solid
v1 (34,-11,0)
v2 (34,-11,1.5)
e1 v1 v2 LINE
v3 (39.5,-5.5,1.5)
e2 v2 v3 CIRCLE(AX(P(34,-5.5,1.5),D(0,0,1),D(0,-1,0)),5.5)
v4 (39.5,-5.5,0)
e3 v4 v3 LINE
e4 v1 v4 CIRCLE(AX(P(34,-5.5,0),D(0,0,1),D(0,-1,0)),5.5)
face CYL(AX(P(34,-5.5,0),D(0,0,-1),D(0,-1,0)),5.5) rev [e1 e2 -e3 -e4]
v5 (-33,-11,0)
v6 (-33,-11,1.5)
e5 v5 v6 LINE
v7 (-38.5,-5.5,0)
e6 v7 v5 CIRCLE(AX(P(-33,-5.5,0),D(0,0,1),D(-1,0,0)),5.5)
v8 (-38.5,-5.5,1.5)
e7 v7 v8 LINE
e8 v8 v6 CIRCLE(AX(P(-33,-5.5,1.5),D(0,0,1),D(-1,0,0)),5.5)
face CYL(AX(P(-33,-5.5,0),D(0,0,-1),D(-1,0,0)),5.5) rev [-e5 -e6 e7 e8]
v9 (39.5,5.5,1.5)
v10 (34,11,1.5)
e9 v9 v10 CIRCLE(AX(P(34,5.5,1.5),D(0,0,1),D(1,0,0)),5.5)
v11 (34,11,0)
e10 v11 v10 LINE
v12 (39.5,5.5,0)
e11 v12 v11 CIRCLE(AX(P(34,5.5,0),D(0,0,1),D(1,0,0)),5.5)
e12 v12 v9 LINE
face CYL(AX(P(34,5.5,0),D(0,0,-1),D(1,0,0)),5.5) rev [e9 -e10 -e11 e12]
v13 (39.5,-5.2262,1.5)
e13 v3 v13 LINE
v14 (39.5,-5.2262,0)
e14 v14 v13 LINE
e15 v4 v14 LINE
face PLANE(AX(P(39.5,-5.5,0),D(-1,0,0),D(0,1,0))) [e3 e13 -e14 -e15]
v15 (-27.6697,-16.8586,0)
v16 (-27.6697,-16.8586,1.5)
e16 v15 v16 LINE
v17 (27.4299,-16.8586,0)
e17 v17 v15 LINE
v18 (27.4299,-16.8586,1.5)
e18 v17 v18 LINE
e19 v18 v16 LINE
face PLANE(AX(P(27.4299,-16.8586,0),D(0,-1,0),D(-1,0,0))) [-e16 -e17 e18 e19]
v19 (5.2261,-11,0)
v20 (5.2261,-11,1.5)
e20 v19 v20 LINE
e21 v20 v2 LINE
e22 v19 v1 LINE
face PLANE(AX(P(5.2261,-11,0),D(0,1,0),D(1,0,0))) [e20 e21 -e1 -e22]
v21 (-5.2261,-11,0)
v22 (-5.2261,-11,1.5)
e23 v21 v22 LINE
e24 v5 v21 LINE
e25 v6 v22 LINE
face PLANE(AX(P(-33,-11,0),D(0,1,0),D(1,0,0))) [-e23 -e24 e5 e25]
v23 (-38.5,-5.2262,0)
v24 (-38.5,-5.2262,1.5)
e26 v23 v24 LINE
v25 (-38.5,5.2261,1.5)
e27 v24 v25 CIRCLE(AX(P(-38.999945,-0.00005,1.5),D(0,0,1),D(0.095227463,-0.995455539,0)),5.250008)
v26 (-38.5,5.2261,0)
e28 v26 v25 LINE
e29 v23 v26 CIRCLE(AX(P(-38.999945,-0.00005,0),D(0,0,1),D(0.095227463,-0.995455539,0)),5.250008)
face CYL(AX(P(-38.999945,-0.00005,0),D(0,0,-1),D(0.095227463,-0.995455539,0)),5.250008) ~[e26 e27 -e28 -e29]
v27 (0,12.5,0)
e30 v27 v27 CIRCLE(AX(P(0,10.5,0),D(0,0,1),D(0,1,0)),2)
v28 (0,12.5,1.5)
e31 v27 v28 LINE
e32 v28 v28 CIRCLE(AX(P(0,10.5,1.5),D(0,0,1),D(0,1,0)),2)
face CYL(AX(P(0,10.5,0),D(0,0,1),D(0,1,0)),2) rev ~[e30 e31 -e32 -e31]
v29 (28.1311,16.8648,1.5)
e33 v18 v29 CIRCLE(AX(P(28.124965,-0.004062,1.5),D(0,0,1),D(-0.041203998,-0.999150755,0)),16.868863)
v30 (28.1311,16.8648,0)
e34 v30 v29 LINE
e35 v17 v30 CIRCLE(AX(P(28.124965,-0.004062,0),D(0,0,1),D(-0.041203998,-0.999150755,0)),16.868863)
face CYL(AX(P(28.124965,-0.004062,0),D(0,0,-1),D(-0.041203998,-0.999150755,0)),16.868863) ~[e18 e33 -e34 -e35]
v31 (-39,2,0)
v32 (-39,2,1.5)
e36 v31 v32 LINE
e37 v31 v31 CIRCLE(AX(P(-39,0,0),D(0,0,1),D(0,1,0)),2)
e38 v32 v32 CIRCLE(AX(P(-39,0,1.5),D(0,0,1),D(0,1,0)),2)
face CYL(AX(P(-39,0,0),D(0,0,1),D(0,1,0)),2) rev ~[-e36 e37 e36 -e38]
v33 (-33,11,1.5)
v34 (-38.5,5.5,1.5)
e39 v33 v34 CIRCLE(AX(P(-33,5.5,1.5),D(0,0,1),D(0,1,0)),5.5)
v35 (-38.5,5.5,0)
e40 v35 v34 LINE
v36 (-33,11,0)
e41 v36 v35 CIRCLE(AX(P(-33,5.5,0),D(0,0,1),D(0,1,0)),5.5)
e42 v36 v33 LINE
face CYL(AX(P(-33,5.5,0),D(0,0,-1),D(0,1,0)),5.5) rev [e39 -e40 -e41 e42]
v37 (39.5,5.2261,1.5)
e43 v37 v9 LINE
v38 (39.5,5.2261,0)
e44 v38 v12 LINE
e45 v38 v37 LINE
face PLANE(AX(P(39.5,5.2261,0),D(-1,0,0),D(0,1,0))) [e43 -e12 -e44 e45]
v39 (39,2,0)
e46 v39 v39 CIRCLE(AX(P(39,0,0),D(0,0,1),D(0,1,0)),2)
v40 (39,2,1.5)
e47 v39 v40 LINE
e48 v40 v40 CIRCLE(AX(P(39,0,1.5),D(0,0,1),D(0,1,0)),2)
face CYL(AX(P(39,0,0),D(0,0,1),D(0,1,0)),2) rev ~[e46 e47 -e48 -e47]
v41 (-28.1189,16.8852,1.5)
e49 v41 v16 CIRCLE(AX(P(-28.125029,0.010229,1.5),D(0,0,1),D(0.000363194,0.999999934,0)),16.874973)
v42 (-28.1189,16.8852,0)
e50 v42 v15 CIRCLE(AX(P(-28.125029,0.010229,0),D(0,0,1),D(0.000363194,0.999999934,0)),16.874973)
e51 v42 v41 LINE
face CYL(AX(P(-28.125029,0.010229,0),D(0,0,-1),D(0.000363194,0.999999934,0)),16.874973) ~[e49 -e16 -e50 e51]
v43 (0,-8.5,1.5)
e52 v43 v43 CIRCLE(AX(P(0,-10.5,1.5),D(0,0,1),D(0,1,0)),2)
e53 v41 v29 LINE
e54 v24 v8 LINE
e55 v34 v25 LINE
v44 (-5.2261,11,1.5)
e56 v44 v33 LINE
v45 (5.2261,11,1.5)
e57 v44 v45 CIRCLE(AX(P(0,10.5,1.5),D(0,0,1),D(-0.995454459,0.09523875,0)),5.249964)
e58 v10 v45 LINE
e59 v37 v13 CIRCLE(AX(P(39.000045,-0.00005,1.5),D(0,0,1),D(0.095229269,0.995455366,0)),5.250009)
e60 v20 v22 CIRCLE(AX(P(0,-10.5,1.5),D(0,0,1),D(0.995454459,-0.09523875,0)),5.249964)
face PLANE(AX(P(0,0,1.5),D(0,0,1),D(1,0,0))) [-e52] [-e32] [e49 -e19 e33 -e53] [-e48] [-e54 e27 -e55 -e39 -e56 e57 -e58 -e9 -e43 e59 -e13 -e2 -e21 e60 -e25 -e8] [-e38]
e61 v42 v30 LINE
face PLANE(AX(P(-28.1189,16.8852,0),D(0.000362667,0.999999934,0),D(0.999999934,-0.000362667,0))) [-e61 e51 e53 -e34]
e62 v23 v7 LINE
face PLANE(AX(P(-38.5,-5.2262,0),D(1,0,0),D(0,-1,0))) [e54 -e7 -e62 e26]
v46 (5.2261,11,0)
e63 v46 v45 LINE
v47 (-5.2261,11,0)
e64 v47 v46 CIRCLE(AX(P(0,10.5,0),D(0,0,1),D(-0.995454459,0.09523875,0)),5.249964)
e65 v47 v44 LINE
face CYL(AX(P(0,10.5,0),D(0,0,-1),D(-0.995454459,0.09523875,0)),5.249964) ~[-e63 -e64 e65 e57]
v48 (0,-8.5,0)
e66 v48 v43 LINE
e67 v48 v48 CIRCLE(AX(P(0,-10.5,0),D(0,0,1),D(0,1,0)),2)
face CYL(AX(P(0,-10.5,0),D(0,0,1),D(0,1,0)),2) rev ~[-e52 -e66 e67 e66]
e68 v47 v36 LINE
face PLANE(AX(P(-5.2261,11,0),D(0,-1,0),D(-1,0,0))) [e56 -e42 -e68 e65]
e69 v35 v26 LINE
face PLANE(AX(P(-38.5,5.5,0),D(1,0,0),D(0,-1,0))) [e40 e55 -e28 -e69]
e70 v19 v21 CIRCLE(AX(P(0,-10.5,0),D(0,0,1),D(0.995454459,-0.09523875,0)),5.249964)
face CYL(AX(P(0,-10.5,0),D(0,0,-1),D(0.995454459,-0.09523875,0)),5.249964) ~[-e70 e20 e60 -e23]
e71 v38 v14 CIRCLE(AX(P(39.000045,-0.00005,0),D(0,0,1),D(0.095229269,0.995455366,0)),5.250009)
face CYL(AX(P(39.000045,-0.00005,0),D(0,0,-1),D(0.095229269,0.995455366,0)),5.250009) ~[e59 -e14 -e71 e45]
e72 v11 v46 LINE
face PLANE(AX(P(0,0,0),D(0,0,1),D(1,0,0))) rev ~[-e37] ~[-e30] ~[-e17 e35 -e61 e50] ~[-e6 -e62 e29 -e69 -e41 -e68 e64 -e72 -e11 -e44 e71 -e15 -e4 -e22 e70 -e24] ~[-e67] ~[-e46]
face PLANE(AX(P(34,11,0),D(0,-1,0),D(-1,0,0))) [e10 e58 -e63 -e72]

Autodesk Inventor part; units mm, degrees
ref_plane "YZ Plane" through (0, 0, 0) normal (1, 0, 0) x (0, 1, 0)
ref_plane "XZ Plane" through (0, 0, 0) normal (0, 1, 0) x (-1, 0, 0)
ref_plane "XY Plane" through (0, 0, 0) normal (0, 0, 1) x (1, 0, 0)
sketch "Sketch1" plane through (0, 0, 0) normal (0, 0, 1) x (1, 0, 0)
  line L0 (-28.1189, 16.8852) -> (28.1311, 16.8648)
  line L1 (44.9939, -0.0102) -> (44.9939, -0.0102)
  line L2 (27.4299, -16.8586) -> (-27.6697, -16.8586)
  line L3 (-45, 0.0102) -> (-45, 0.0102)
  arc A0 (-28.1189, 16.8852) -> (-27.6697, -16.8586) centre (-28.125, 0.0102) ccw
  arc A1 (27.4299, -16.8586) -> (28.1311, 16.8648) centre (28.125, -0.0041) ccw
  point P0 (0, 0)
  point P1 (-45, 16.8914)
  point P2 (45, 16.8586)
  point P3 (-45, -16.8586)
  dimension "d7" = 4
  dimension "d8" = 4
  dimension "d9" = 4
  dimension "d10" = 4
  dimension "d11" = 78
  dimension "d12" = 21
  dimension "d13" = 39
  dimension "d0" = 90
  dimension "d1" = 33.75
  dimension "d2" = 16.875
  dimension "d3" = 16.875
  dimension "d4" = 90
  dimension "d5" = 56.25
  dimension "d6" = 28.125
sketch "Sketch2" plane through (0, 0, 0) normal (0, 0, 1) x (1, 0, 0)
  circle A0 centre (-39, 0) radius 2
  circle A1 centre (39, 0) radius 2
  circle A2 centre (0, -10.5) radius 2
  circle A3 centre (0, 10.5) radius 2
  point P0 (0, 0)
  point P1 (0, 0)
  point P2 (-3.3578, 23.5)
  dimension "d7" = 4
  dimension "d8" = 4
  dimension "d9" = 4
  dimension "d10" = 4
  dimension "d11" = 78
  dimension "d12" = 21
  dimension "d13" = 39
sketch "Sketch3" plane through (0, 0, 0) normal (0, 0, 1) x (1, 0, 0)
  arc A0 (-5.2261, 11) -> (5.2261, 11) centre (0, 10.5) ccw
  arc A1 (-38.5, -5.2262) -> (-38.5, 5.2261) centre (-39, 0) ccw
  arc A2 (5.2261, -11) -> (-5.2261, -11) centre (0, -10.5) ccw
  arc A3 (39.5, 5.2261) -> (39.5, -5.2262) centre (39, 0) ccw
  line L0 (-38.5, -5.2262) -> (-38.5, -5.5)
  line L1 (-33, -11) -> (-5.2261, -11)
  line L2 (39.5, 5.2261) -> (39.5, 5.5)
  line L3 (34, 11) -> (5.2261, 11)
  line L4 (-5.2261, 11) -> (-33, 11)
  line L5 (-38.5, 5.5) -> (-38.5, 5.2261)
  line L6 (5.2261, -11) -> (34, -11)
  line L7 (39.5, -5.5) -> (39.5, -5.2262)
  arc A4 (-33, 11) -> (-38.5, 5.5) centre (-33, 5.5) ccw
  arc A5 (-38.5, -5.5) -> (-33, -11) centre (-33, -5.5) ccw
  arc A6 (39.5, 5.5) -> (34, 11) centre (34, 5.5) ccw
  arc A7 (34, -11) -> (39.5, -5.5) centre (34, -5.5) ccw
  point P0 (43.6422, -42)
  dimension "d14" = 5.5
  dimension "d15" = 5.25
  dimension "d16" = 5.25
  dimension "d17" = 5.25
  dimension "d18" = 5.25
  dimension "d19" = 22
  dimension "d20" = 78
  dimension "d23" = 5.5
  dimension "d24" = 5.5
  dimension "d25" = 5.5
  dimension "d26" = 78
extrude "Extrusion1" add sketch "Sketch1" along normal blind 1.5
extrude "Extrusion2" cut sketch "Sketch3" along normal blind 1.5
hole "Hole1" at (-39, 0, 0) at (0, 10.5, 0) at (0, -10.5, 0) at (39, 0, 0) direction (0, 0, 1) diameter 4 end through all
equation "\"d8\" = d7"
equation "\"d9\" = d7"
equation "\"d10\" = d7"
equation "\"d2\" = 0.5 * d1"
equation "\"d3\" = 0.5 * d1"
equation "\"d4\" = d0"
equation "\"d5\" = d0 - 2 * d3"
equation "\"d6\" = 0.5 * d5"
equation "\"d14\" = 0.5 * d21"
equation "\"d15\" = d16"
equation "\"d17\" = d16"
equation "\"d18\" = d16"
equation "\"d19\" = 2 * d21"
equation "\"d26\" = d20"
equation "\"d21\" = 11"
properties part number "ConnectorSeal" material "Rubber, Silicone"
